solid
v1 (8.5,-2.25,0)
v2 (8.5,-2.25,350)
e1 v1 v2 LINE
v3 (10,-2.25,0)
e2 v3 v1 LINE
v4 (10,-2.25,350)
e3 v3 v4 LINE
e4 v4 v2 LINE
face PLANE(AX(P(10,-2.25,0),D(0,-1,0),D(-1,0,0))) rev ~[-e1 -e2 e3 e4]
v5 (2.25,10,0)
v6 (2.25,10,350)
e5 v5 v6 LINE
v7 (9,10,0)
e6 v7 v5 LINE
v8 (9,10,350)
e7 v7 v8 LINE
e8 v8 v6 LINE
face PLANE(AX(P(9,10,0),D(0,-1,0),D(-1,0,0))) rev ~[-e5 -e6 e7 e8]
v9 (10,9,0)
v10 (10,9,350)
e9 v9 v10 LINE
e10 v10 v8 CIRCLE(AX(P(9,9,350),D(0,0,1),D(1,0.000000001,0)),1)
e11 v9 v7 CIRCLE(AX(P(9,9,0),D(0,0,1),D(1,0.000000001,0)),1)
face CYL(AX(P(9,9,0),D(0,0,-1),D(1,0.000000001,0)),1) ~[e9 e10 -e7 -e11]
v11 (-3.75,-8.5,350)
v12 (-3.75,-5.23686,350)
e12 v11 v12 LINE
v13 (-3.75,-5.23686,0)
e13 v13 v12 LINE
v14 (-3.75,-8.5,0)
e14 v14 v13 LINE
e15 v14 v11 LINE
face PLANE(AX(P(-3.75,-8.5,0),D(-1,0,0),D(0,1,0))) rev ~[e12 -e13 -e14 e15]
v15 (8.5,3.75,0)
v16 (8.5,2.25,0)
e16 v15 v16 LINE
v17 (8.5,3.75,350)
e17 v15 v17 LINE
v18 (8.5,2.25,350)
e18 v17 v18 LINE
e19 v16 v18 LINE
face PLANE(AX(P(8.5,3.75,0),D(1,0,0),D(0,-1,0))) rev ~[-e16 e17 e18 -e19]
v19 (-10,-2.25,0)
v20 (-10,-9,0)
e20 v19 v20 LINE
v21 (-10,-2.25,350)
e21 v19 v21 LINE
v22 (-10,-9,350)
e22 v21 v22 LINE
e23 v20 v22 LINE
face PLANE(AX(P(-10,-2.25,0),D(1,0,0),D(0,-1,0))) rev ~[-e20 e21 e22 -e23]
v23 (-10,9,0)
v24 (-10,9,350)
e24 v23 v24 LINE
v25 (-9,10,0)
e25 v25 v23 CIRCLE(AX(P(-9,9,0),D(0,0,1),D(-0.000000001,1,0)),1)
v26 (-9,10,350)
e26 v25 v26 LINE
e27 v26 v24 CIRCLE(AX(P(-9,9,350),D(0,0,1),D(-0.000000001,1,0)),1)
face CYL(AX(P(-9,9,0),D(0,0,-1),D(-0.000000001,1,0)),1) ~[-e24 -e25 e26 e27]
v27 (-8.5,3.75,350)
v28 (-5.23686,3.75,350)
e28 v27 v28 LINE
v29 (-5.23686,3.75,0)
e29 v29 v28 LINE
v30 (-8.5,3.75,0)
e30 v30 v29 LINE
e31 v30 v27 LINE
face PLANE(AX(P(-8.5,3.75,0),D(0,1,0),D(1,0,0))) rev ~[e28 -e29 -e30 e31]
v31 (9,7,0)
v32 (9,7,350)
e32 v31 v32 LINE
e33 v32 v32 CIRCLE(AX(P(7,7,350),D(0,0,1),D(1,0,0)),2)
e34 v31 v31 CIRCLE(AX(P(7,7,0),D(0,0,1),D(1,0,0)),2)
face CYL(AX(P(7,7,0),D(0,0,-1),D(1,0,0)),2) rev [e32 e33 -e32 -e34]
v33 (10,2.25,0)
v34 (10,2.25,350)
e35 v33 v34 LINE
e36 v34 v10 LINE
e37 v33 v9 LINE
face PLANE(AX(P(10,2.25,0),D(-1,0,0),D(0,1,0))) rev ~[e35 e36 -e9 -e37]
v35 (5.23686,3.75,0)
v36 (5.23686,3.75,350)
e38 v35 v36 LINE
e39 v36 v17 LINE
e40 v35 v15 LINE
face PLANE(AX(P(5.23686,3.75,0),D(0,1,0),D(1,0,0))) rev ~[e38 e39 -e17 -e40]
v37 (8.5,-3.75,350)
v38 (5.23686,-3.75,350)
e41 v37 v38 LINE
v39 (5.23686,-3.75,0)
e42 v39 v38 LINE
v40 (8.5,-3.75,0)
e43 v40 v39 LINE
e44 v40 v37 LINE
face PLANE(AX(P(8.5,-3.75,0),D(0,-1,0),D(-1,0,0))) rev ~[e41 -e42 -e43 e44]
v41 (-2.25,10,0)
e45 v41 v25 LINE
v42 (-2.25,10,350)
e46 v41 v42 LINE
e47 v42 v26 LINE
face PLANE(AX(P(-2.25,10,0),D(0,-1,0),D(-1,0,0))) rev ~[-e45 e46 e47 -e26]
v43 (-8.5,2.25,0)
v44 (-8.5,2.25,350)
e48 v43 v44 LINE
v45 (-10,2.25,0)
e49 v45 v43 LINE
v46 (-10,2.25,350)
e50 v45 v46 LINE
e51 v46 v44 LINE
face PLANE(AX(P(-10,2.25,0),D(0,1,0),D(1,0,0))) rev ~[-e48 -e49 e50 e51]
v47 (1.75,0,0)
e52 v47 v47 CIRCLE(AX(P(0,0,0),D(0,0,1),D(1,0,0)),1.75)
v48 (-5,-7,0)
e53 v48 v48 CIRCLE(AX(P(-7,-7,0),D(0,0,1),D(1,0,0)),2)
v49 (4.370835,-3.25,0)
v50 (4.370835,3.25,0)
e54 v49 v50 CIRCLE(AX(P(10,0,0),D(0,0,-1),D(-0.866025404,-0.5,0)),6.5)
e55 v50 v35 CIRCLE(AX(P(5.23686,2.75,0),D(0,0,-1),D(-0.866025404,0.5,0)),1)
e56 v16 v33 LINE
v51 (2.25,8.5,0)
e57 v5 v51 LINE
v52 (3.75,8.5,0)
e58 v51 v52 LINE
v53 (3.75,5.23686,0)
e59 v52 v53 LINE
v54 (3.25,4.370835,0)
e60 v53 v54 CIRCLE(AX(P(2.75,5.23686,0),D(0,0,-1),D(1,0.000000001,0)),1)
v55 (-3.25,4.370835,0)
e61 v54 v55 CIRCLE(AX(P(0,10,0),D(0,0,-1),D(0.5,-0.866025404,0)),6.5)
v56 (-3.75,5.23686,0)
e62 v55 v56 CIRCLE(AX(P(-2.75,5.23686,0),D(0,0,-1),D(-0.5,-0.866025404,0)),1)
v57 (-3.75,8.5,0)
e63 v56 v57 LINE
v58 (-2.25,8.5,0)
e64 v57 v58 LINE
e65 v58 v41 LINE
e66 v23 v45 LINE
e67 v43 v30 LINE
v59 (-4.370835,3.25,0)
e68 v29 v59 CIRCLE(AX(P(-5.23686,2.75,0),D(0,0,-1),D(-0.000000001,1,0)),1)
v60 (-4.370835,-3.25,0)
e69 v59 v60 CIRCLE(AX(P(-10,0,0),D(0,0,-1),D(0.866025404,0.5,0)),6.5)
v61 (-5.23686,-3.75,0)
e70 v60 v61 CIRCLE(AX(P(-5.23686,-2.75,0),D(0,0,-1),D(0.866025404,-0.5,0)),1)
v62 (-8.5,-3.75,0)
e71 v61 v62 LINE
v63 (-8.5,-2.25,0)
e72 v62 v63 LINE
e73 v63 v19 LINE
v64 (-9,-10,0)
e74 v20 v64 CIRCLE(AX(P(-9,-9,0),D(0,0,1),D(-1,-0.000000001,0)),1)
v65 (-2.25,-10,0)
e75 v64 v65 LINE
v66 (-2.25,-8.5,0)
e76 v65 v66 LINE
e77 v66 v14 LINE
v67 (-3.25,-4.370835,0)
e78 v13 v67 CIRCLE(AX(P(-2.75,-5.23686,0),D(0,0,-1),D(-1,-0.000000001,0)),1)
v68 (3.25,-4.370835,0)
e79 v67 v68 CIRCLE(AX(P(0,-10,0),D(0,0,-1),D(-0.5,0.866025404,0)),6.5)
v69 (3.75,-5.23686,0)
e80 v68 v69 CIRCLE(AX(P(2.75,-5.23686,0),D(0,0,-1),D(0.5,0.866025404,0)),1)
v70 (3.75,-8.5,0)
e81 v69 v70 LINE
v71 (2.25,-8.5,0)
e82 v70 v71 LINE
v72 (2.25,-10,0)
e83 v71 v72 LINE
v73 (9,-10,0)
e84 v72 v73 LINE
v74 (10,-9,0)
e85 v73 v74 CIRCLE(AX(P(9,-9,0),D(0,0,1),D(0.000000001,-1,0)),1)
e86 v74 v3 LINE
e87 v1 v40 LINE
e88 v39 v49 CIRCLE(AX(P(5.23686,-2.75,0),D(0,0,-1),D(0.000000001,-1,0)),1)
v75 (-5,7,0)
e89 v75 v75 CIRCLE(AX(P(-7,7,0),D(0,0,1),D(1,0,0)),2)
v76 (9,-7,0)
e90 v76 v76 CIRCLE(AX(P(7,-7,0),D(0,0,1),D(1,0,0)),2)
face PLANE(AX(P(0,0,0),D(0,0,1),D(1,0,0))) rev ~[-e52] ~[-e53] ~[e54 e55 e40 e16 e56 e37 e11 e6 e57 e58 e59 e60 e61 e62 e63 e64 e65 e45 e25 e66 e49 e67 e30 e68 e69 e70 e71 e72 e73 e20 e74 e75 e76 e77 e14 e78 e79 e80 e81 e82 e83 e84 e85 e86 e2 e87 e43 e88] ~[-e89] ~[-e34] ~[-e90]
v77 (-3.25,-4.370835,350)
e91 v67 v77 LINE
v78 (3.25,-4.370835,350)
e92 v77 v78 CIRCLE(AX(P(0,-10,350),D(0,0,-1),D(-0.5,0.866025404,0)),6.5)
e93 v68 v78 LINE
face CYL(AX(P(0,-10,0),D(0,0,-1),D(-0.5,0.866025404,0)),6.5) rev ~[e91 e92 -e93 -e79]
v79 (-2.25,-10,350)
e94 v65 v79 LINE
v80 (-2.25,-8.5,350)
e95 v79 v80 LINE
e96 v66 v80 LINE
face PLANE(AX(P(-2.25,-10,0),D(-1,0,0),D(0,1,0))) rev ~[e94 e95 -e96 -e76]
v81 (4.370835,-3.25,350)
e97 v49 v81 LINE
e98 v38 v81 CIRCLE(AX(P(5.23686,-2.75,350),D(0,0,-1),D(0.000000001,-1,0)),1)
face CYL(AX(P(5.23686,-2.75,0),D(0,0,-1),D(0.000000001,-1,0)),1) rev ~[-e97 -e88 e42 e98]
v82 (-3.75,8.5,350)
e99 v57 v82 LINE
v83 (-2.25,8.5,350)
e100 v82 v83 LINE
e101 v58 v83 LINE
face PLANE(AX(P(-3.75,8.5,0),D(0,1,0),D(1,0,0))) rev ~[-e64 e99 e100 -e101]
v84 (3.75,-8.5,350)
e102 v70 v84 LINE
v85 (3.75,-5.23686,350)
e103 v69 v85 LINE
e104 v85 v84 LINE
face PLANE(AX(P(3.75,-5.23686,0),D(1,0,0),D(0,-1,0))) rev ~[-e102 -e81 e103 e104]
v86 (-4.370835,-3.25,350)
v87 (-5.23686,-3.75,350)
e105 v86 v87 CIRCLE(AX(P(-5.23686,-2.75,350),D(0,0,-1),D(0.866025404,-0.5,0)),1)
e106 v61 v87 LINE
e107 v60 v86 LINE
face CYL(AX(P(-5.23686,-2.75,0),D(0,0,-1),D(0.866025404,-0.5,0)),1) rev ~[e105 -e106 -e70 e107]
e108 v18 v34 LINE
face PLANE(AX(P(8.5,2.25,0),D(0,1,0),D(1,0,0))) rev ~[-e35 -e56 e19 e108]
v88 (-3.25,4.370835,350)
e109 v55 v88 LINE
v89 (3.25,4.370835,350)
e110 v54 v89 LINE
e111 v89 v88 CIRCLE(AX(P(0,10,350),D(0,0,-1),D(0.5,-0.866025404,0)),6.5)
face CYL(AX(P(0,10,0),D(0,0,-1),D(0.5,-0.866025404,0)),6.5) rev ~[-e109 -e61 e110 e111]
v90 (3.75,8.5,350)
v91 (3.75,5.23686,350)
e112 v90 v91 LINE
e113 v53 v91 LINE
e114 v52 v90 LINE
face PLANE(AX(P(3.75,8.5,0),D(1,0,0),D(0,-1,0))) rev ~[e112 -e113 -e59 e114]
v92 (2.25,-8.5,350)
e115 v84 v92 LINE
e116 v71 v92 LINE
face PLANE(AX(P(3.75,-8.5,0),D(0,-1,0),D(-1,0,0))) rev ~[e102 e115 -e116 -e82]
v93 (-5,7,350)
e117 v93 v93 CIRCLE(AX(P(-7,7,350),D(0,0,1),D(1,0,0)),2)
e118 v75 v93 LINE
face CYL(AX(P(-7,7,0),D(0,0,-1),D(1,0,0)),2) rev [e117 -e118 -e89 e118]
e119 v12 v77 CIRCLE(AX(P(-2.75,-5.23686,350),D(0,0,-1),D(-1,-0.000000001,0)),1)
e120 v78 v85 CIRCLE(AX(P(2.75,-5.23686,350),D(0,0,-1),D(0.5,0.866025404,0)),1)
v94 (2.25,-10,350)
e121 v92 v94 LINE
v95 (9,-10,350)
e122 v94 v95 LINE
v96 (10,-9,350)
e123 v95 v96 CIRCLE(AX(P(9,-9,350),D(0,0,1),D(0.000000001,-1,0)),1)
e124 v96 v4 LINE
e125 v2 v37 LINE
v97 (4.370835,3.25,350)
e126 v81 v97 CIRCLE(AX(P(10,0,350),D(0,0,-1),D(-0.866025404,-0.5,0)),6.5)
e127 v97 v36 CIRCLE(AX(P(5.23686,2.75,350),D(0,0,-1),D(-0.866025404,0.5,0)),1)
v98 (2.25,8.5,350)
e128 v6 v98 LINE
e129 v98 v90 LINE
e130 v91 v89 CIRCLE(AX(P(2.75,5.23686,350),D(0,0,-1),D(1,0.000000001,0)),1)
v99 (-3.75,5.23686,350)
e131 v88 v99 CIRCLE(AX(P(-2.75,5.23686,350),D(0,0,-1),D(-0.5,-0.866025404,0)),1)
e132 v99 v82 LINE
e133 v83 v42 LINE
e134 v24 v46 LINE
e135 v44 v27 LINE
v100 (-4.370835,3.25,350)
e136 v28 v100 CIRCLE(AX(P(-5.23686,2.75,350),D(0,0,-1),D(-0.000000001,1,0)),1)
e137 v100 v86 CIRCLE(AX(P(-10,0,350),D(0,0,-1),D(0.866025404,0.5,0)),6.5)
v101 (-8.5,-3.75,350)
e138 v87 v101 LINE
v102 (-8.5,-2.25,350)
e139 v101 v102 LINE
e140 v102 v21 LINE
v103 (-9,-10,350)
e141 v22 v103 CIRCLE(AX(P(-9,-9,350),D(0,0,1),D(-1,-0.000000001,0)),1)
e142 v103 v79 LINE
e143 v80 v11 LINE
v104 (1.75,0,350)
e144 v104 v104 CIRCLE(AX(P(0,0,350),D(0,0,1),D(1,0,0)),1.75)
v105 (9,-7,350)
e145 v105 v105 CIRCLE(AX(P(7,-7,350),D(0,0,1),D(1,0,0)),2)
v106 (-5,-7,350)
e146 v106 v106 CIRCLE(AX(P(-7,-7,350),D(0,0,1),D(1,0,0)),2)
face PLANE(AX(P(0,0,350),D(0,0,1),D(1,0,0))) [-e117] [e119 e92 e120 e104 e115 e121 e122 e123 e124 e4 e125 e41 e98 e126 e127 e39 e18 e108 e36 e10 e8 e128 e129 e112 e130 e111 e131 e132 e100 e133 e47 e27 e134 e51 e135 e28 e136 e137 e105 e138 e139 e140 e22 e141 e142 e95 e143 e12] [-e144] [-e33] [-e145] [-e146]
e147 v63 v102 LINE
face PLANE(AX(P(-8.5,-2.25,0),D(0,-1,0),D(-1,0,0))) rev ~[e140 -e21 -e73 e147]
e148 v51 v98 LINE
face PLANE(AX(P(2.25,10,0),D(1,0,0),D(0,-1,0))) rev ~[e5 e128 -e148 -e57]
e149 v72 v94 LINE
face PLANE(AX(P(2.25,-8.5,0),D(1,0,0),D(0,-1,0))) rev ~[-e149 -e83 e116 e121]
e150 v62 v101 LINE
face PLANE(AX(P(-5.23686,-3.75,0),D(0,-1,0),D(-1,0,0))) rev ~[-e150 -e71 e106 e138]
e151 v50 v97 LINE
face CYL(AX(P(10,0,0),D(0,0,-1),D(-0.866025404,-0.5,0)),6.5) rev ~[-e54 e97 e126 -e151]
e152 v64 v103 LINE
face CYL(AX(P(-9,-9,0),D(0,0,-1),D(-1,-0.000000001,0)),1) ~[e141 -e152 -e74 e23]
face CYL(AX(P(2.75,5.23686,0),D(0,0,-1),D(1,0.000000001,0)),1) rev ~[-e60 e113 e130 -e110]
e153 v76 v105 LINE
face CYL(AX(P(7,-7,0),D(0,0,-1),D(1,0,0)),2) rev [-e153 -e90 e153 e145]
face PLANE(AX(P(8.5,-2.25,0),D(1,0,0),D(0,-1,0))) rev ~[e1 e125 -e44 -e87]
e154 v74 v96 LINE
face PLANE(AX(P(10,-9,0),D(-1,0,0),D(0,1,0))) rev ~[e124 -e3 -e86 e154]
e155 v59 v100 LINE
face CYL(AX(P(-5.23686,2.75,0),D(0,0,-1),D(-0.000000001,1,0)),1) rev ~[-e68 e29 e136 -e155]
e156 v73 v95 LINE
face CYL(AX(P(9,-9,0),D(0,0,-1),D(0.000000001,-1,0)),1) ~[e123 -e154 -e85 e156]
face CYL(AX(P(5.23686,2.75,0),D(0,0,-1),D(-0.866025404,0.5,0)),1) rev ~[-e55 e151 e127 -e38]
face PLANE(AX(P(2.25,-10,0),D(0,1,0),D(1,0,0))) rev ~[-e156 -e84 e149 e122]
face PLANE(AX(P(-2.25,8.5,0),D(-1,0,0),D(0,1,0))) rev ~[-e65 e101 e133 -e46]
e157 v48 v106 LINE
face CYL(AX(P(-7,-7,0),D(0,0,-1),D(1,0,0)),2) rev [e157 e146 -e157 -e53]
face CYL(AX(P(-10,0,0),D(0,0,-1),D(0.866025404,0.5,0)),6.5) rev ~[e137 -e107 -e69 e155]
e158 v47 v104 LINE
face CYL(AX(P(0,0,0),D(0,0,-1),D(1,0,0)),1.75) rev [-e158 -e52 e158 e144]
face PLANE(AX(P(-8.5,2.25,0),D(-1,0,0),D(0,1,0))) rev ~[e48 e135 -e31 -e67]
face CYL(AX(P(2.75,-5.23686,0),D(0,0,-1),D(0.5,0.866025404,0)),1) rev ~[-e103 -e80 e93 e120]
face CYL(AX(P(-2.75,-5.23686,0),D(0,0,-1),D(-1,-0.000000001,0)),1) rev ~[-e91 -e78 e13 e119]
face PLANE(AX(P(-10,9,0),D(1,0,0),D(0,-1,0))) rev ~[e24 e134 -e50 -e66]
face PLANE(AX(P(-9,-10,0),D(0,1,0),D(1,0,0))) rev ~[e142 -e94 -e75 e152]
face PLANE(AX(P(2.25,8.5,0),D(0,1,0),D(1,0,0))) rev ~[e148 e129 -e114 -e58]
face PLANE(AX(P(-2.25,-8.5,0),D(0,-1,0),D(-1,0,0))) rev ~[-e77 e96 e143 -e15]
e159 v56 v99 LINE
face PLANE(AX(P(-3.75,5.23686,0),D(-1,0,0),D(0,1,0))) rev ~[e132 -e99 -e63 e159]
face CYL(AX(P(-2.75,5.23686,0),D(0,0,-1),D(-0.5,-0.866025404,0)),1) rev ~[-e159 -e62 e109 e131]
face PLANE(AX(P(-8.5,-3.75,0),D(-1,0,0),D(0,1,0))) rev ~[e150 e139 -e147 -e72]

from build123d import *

# Parameters (mm, degrees)
SKETCH1_R           = 2
SKETCH1_R_2         = 1.75
BOSS_EXTRUDE1_DEPTH = 350


with BuildPart() as part:
    # Sketch1 → Boss-Extrude1 (new body)
    with BuildSketch(Plane.XY):
        with BuildLine():
            Line((-10, 9), (-10, 2.25))
            Line((-10, 2.25), (-8.5, 2.25))
            Line((-8.5, 2.25), (-8.5, 3.75))
            Line((-8.5, 3.75), (-5.236860279, 3.75))
            ThreePointArc((-5.236860279, 3.75), (-4.736860279, 3.616025404), (-4.370834875, 3.25))
            ThreePointArc((-4.370834875, 3.25), (-3.5, 0), (-4.370834875, -3.25))
            ThreePointArc((-4.370834875, -3.25), (-4.736860279, -3.616025404), (-5.236860279, -3.75))
            Line((-5.236860279, -3.75), (-8.5, -3.75))
            Line((-8.5, -3.75), (-8.5, -2.25))
            Line((-8.5, -2.25), (-10, -2.25))
            Line((-10, -2.25), (-10, -9))
            ThreePointArc((-10, -9), (-9.707106781, -9.707106781), (-9, -10))
            Line((-9, -10), (-2.25, -10))
            Line((-2.25, -10), (-2.25, -8.5))
            Line((-2.25, -8.5), (-3.75, -8.5))
            Line((-3.75, -8.5), (-3.75, -5.236860279))
            ThreePointArc((-3.75, -5.236860279), (-3.616025404, -4.736860279), (-3.25, -4.370834875))
            ThreePointArc((-3.25, -4.370834875), (0, -3.5), (3.25, -4.370834875))
            ThreePointArc((3.25, -4.370834875), (3.616025404, -4.736860279), (3.75, -5.236860279))
            Line((3.75, -5.236860279), (3.75, -8.5))
            Line((3.75, -8.5), (2.25, -8.5))
            Line((2.25, -8.5), (2.25, -10))
            Line((2.25, -10), (9, -10))
            ThreePointArc((9, -10), (9.707106781, -9.707106781), (10, -9))
            Line((10, -9), (10, -2.25))
            Line((10, -2.25), (8.5, -2.25))
            Line((8.5, -2.25), (8.5, -3.75))
            Line((8.5, -3.75), (5.236860279, -3.75))
            ThreePointArc((5.236860279, -3.75), (4.736860279, -3.616025404), (4.370834875, -3.25))
            ThreePointArc((4.370834875, -3.25), (3.5, 0), (4.370834875, 3.25))
            ThreePointArc((4.370834875, 3.25), (4.736860279, 3.616025404), (5.236860279, 3.75))
            Line((5.236860279, 3.75), (8.5, 3.75))
            Line((8.5, 3.75), (8.5, 2.25))
            Line((8.5, 2.25), (10, 2.25))
            Line((10, 2.25), (10, 9))
            ThreePointArc((10, 9), (9.707106781, 9.707106781), (9, 10))
            Line((9, 10), (2.25, 10))
            Line((2.25, 10), (2.25, 8.5))
            Line((2.25, 8.5), (3.75, 8.5))
            Line((3.75, 8.5), (3.75, 5.236860279))
            ThreePointArc((3.75, 5.236860279), (3.616025404, 4.736860279), (3.25, 4.370834875))
            ThreePointArc((3.25, 4.370834875), (0, 3.5), (-3.25, 4.370834875))
            ThreePointArc((-3.25, 4.370834875), (-3.616025404, 4.736860279), (-3.75, 5.236860279))
            Line((-3.75, 5.236860279), (-3.75, 8.5))
            Line((-3.75, 8.5), (-2.25, 8.5))
            Line((-2.25, 8.5), (-2.25, 10))
            Line((-2.25, 10), (-9, 10))
            ThreePointArc((-9, 10), (-9.707106781, 9.707106781), (-10, 9))
        make_face()
        with Locations((-7, -7)):
            Circle(SKETCH1_R, mode=Mode.SUBTRACT)
        with Locations((7, -7)):
            Circle(SKETCH1_R, mode=Mode.SUBTRACT)
        with Locations((7, 7)):
            Circle(SKETCH1_R, mode=Mode.SUBTRACT)
        Circle(SKETCH1_R_2, mode=Mode.SUBTRACT)
        with Locations((-7, 7)):
            Circle(SKETCH1_R, mode=Mode.SUBTRACT)
    extrude(amount=BOSS_EXTRUDE1_DEPTH)


solid = part.part
